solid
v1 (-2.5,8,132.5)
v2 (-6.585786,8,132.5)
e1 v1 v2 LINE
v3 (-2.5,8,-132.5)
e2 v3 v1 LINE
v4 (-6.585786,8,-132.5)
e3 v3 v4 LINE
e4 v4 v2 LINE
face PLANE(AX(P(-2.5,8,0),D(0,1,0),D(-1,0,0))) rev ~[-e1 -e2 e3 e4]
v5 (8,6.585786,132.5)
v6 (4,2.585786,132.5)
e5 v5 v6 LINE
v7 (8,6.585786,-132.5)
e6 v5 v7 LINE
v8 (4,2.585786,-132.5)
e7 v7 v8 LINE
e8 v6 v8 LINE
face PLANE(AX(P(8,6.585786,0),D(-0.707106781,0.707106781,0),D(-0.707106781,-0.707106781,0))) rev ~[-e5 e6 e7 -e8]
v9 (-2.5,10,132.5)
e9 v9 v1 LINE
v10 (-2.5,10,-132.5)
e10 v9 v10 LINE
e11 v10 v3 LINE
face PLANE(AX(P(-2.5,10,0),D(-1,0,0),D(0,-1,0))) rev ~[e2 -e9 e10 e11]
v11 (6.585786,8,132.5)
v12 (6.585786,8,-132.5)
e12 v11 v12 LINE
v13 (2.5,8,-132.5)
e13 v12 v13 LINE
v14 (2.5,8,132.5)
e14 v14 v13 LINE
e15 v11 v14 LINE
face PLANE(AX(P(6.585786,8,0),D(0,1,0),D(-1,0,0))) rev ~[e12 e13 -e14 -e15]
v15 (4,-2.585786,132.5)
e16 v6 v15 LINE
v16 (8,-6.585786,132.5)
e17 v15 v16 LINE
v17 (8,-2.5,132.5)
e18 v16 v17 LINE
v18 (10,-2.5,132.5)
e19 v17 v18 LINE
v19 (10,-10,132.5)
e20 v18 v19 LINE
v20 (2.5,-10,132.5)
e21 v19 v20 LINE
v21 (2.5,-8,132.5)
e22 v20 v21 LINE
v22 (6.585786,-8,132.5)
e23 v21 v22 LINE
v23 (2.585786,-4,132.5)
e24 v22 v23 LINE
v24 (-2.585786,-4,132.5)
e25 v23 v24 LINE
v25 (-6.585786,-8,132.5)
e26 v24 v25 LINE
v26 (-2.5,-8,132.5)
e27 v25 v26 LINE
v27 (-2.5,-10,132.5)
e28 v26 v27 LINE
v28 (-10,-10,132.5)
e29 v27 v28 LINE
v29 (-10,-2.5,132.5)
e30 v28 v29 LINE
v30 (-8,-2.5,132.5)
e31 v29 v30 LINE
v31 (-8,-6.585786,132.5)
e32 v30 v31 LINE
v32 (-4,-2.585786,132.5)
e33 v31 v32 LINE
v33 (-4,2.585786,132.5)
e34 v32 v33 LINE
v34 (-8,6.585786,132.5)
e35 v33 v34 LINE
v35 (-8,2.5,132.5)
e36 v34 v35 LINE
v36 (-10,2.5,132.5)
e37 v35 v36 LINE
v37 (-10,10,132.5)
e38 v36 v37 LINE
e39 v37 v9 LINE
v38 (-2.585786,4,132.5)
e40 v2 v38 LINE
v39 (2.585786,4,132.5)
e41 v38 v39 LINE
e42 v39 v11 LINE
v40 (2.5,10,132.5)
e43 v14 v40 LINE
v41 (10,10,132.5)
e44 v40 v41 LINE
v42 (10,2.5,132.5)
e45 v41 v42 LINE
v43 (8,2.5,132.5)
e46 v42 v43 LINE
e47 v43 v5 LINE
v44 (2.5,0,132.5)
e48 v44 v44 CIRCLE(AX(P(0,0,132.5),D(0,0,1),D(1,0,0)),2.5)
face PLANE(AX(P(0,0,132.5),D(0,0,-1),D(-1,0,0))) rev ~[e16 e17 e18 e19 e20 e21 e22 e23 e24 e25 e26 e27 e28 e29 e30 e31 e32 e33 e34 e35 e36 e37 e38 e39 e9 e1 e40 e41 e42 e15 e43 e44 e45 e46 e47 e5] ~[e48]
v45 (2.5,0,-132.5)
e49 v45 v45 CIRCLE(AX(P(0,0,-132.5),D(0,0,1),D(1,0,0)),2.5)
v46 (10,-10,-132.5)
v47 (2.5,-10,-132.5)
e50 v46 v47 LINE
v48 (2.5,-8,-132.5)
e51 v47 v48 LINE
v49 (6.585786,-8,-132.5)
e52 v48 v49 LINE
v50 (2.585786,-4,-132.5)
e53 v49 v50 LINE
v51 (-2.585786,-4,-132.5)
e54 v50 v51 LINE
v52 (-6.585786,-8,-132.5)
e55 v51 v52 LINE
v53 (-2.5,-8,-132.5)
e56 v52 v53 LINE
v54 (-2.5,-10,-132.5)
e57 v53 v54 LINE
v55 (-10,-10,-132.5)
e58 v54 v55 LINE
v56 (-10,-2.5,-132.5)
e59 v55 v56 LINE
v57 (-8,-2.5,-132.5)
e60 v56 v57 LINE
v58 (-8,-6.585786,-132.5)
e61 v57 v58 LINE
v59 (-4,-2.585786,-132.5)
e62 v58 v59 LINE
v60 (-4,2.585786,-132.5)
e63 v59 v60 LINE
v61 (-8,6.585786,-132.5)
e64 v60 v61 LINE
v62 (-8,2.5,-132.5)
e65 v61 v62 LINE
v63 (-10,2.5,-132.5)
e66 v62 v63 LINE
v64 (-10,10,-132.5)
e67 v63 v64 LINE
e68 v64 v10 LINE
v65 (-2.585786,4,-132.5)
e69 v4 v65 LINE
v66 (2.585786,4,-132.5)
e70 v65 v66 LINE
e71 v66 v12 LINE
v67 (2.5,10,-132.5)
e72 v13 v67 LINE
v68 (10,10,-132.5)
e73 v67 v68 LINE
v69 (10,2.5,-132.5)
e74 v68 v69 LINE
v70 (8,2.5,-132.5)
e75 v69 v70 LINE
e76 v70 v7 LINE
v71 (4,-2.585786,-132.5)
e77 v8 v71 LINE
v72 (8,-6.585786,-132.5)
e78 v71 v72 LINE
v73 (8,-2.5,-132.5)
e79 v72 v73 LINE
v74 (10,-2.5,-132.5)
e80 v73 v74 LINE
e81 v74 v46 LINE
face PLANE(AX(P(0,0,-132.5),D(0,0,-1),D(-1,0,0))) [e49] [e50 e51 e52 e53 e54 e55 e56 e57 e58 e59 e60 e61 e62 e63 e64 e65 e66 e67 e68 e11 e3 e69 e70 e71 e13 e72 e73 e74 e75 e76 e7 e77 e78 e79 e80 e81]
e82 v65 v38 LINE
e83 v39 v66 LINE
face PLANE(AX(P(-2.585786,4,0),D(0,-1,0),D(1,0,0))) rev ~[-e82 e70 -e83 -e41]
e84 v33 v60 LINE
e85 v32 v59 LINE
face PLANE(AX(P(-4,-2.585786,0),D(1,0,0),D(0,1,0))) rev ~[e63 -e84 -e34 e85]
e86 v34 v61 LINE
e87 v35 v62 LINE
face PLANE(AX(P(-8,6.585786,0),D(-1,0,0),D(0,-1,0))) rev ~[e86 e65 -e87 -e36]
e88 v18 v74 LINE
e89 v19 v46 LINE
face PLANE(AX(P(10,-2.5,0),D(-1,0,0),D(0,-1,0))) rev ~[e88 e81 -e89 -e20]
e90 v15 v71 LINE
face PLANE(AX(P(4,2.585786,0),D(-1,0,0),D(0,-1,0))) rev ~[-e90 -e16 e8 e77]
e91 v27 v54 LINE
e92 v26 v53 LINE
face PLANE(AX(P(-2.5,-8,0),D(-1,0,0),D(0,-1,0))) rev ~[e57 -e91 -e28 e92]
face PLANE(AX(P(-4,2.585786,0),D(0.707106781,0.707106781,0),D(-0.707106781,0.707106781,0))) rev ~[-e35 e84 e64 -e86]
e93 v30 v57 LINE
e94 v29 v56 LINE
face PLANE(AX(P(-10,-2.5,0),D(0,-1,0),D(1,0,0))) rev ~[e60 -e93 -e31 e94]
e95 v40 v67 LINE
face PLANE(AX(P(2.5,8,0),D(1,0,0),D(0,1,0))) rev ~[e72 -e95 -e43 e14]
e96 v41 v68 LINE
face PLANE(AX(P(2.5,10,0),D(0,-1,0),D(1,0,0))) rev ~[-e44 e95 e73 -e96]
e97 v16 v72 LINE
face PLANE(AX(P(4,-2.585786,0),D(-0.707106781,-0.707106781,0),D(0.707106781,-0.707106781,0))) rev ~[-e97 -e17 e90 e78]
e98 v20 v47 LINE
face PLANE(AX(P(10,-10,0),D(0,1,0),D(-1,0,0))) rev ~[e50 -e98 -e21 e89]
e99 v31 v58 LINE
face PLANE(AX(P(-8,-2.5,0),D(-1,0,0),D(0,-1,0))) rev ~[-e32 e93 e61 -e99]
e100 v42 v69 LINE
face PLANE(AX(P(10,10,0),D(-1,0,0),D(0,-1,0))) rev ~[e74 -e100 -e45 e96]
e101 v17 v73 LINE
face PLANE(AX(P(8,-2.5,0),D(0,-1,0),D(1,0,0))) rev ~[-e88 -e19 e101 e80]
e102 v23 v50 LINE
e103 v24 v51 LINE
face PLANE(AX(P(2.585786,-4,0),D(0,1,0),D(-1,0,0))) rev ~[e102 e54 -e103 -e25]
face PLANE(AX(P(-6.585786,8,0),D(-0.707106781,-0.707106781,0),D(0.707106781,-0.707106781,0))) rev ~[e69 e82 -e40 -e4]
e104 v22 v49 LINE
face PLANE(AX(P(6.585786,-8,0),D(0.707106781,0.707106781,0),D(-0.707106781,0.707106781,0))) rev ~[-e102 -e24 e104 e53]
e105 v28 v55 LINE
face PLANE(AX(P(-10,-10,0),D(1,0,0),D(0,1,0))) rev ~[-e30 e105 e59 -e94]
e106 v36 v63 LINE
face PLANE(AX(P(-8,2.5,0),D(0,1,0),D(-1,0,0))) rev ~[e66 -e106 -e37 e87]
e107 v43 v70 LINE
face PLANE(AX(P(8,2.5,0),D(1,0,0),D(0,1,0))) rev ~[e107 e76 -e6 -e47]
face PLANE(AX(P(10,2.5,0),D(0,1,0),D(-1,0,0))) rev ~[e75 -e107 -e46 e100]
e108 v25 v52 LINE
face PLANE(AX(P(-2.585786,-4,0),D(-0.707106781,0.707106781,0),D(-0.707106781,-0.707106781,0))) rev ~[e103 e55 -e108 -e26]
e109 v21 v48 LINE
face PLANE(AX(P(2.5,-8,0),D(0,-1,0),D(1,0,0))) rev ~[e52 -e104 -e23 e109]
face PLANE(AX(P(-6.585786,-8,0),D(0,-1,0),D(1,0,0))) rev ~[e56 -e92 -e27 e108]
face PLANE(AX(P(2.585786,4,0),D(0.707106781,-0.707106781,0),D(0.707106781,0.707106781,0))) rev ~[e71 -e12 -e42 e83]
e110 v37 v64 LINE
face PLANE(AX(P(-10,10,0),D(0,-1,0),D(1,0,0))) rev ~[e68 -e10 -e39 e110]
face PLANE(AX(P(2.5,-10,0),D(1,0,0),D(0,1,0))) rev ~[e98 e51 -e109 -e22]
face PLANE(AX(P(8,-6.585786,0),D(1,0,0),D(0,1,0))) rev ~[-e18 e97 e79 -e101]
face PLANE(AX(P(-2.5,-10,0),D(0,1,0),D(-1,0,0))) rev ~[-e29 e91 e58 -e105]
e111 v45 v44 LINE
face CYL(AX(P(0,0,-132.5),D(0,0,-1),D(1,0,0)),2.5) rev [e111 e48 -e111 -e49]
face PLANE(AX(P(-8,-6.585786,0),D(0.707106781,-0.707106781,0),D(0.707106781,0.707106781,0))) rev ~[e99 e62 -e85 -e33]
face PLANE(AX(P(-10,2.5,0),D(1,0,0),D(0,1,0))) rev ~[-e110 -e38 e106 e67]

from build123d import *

# Parameters (mm, degrees)
BOSS_EXTRUDE1_DEPTH     = 132.5
CUT_EXTRUDE3_DEPTH      = 132.5
CUT_EXTRUDE3_DEPTH_BACK = 132.5
SKETCH2_R               = 2.5


with BuildPart() as part:
    # Sketch1 → Boss-Extrude1 (new, symmetric)
    with BuildSketch(Plane.XY):
        Polygon((-2.585786438, 4), (2.585786438, 4), (6.585786438, 8), (2.5, 8), (2.5, 10), (10, 10), (10, 2.5), (8, 2.5), (8, 6.585786438), (4, 2.585786438), (4, -2.585786438), (8, -6.585786438), (8, -2.5), (10, -2.5), (10, -10), (2.5, -10), (2.5, -8), (6.585786438, -8), (2.585786438, -4), (-2.585786438, -4), (-6.585786438, -8), (-2.5, -8), (-2.5, -10), (-10, -10), (-10, -2.5), (-8, -2.5), (-8, -6.585786438), (-4, -2.585786438), (-4, 2.585786438), (-8, 6.585786438), (-8, 2.5), (-10, 2.5), (-10, 10), (-2.5, 10), (-2.5, 8), (-6.585786438, 8), align=None)
    extrude(amount=BOSS_EXTRUDE1_DEPTH, both=True)

    # Sketch2 → Cut-Extrude3 (cut, two sides: drawn at the far end of the back side and taken through both)
    with BuildSketch(Plane.XY.offset(-CUT_EXTRUDE3_DEPTH_BACK)):
        Circle(SKETCH2_R)
    extrude(amount=CUT_EXTRUDE3_DEPTH + CUT_EXTRUDE3_DEPTH_BACK, mode=Mode.SUBTRACT)


solid = part.part
